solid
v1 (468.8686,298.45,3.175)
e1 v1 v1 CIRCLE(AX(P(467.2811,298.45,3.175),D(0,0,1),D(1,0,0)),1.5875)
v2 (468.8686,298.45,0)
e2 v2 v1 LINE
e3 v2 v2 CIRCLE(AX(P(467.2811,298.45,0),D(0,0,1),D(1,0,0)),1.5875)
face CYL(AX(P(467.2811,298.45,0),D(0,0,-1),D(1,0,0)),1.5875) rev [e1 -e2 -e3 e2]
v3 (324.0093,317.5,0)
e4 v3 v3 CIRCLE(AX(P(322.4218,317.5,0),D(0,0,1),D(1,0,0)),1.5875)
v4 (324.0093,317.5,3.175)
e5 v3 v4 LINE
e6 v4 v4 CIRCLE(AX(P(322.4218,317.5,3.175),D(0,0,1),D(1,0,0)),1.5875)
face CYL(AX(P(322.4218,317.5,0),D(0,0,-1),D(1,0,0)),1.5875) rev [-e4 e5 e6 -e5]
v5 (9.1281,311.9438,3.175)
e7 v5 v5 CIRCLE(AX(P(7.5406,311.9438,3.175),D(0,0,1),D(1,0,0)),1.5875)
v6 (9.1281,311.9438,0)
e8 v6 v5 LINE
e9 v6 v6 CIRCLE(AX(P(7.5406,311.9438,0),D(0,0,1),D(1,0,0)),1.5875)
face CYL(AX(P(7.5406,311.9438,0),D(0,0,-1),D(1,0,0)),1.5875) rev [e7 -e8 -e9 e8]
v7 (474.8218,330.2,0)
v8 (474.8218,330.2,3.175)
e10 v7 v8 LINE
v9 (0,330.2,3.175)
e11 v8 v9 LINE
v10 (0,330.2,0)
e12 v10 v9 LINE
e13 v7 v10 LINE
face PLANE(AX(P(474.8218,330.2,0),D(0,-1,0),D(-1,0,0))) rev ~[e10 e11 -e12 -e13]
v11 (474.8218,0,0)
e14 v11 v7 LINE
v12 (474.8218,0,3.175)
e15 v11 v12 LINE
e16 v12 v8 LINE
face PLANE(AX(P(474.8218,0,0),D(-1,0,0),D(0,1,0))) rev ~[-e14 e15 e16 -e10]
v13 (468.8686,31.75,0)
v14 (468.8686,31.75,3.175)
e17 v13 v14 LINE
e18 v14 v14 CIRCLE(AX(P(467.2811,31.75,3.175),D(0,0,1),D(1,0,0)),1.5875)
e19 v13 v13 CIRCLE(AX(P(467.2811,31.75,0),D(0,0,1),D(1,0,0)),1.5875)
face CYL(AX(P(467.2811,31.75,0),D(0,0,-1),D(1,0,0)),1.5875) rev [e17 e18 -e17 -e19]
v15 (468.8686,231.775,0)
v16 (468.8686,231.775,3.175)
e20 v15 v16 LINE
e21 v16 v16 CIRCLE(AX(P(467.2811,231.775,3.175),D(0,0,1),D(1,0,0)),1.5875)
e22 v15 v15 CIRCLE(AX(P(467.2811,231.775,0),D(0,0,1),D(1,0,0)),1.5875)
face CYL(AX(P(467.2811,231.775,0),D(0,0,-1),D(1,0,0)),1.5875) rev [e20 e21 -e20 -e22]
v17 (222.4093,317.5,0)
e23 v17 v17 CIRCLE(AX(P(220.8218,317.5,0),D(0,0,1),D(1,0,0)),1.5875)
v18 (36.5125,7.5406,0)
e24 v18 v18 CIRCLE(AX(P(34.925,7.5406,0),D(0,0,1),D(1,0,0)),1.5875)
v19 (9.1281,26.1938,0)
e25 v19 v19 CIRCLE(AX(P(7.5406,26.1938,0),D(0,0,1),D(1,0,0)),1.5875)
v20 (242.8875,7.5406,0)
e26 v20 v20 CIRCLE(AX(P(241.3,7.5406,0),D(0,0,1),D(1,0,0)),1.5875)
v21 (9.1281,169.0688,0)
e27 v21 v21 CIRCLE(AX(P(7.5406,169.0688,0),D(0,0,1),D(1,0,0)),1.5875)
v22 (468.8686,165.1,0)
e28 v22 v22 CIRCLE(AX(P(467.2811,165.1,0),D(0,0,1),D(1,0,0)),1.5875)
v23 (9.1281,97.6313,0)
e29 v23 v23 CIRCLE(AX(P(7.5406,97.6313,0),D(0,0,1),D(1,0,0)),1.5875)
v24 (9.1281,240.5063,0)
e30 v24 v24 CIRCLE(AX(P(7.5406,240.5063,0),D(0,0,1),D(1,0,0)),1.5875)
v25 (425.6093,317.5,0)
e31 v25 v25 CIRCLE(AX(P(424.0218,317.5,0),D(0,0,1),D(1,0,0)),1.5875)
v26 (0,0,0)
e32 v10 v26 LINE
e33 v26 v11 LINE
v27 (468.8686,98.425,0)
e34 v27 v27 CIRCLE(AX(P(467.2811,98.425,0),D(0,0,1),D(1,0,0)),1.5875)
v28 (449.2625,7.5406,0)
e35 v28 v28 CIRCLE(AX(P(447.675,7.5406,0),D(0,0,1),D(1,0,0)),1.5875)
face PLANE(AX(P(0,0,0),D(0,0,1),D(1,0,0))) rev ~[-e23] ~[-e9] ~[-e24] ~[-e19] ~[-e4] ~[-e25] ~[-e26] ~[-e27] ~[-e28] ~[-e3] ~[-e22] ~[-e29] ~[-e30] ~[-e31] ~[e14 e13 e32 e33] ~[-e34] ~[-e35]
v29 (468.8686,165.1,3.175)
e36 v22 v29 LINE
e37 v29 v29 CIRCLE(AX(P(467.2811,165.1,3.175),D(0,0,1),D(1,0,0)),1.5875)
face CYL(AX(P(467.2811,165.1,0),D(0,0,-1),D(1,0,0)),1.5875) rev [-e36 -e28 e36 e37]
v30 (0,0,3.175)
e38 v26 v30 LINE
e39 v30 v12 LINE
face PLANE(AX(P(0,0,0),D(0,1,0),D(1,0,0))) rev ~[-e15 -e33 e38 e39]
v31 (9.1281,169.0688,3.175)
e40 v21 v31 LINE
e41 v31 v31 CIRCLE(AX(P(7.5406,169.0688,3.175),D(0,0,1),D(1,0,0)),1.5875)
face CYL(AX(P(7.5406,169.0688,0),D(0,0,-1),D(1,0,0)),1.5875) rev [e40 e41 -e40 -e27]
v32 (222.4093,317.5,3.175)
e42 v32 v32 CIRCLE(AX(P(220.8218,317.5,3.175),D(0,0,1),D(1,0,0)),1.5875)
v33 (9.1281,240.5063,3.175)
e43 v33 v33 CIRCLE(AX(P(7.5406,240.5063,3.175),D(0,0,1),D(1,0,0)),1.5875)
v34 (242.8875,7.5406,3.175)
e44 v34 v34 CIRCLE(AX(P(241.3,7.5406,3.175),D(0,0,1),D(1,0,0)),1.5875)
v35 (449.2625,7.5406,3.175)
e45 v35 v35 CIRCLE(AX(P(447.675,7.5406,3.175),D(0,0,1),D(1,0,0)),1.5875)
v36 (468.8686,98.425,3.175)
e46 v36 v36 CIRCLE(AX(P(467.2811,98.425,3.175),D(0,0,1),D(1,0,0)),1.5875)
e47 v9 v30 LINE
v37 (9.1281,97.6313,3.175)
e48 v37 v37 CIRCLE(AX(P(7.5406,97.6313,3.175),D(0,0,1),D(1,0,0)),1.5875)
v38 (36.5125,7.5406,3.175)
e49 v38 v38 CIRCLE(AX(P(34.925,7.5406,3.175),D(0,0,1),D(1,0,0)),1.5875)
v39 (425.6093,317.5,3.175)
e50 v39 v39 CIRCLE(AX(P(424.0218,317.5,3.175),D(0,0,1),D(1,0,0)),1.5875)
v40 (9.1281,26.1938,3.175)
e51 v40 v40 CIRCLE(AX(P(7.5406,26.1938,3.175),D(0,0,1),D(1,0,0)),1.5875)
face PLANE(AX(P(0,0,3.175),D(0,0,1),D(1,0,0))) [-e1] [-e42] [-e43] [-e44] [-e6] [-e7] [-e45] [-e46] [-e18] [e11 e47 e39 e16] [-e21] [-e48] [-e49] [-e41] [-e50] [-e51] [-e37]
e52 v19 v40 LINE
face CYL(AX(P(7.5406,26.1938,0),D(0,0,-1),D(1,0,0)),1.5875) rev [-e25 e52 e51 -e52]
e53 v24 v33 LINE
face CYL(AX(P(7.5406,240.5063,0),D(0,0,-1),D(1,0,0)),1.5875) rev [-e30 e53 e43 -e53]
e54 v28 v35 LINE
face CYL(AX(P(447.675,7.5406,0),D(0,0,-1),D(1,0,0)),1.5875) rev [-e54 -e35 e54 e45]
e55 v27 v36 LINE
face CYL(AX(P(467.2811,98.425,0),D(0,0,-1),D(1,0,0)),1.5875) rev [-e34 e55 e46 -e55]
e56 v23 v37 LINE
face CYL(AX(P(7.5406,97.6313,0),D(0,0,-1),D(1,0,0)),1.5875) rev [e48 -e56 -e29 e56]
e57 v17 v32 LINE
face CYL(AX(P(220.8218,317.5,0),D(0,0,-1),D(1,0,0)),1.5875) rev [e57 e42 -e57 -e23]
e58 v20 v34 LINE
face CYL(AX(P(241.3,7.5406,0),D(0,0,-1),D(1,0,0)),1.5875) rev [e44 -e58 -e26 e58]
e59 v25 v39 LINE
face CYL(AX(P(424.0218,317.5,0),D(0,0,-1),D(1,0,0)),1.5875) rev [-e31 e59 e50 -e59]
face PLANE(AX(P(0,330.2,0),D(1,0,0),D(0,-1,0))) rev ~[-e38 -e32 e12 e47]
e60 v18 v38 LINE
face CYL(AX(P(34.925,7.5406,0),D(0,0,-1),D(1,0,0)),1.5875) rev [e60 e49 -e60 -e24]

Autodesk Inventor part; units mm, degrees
ref_plane "YZ Plane" through (0, 0, 0) normal (1, 0, 0) x (0, 1, 0)
ref_plane "XZ Plane" through (0, 0, 0) normal (0, 1, 0) x (-1, 0, 0)
ref_plane "XY Plane" through (0, 0, 0) normal (0, 0, 1) x (1, 0, 0)
sketch "Sketch1" plane through (0, 0, 0) normal (0, 0, 1) x (1, 0, 0)
  line L0 (0, 0) -> (474.8218, 0)
  line L1 (474.8218, 0) -> (474.8218, 330.2)
  line L2 (474.8218, 330.2) -> (0, 330.2)
  line L3 (0, 330.2) -> (0, 0)
  circle A0 centre (467.2811, 231.775) radius 1.5875 projected
  circle A1 centre (467.2811, 98.425) radius 1.5875 projected
  circle A2 centre (467.2811, 31.75) radius 1.5875 projected
  circle A3 centre (467.2811, 165.1) radius 1.5875 projected
  circle A4 centre (467.2811, 298.45) radius 1.5875 projected
  line L4 (475.6155, 19.05) -> (459.7405, 19.05) construction
  line L5 (475.6155, 19.05) -> (475.6155, 311.15) construction
  line L6 (459.7405, 311.15) -> (475.6155, 311.15) construction
  line L7 (459.7405, 19.05) -> (459.7405, 311.15) construction
  circle A5 centre (7.5406, 97.6313) radius 1.5875 projected
  circle A6 centre (7.5406, 240.5063) radius 1.5875 projected
  circle A7 centre (7.5406, 311.9438) radius 1.5875 projected
  circle A8 centre (7.5406, 169.0688) radius 1.5875 projected
  circle A9 centre (7.5406, 26.1938) radius 1.5875 projected
  line L8 (-0.7937, 321.4688) -> (15.0813, 321.4688) construction
  line L9 (-0.7937, 321.4688) -> (-0.7937, 16.6688) construction
  line L10 (15.0813, 16.6688) -> (-0.7937, 16.6688) construction
  line L11 (15.0813, 321.4688) -> (15.0813, 16.6688) construction
  circle A10 centre (241.3, 7.5406) radius 1.5875 projected
  circle A11 centre (34.925, 7.5406) radius 1.5875 projected
  circle A12 centre (447.675, 7.5406) radius 1.5875 projected
  line L12 (25.4, -0.7938) -> (25.4, 15.0812) construction
  line L13 (25.4, -0.7938) -> (457.2, -0.7937) construction
  line L14 (457.2, 15.0813) -> (457.2, -0.7937) construction
  line L15 (25.4, 15.0812) -> (457.2, 15.0813) construction
  circle A13 centre (424.0218, 317.5) radius 1.5875
  circle A14 centre (322.4218, 317.5) radius 1.5875
  circle A15 centre (220.8218, 317.5) radius 1.5875
  dimension "d0" = 474.8218
  dimension "d1" = 330.2
  dimension "d4" = 3.175
  dimension "d7" = 101.6
  dimension "d12" = 12.7
  dimension "d13" = 50.8
extrude "Extrusion1" add sketch "Sketch1" along normal blind 3.175
properties part number "Hopper Top" material "Polycarbonate, Clear"
